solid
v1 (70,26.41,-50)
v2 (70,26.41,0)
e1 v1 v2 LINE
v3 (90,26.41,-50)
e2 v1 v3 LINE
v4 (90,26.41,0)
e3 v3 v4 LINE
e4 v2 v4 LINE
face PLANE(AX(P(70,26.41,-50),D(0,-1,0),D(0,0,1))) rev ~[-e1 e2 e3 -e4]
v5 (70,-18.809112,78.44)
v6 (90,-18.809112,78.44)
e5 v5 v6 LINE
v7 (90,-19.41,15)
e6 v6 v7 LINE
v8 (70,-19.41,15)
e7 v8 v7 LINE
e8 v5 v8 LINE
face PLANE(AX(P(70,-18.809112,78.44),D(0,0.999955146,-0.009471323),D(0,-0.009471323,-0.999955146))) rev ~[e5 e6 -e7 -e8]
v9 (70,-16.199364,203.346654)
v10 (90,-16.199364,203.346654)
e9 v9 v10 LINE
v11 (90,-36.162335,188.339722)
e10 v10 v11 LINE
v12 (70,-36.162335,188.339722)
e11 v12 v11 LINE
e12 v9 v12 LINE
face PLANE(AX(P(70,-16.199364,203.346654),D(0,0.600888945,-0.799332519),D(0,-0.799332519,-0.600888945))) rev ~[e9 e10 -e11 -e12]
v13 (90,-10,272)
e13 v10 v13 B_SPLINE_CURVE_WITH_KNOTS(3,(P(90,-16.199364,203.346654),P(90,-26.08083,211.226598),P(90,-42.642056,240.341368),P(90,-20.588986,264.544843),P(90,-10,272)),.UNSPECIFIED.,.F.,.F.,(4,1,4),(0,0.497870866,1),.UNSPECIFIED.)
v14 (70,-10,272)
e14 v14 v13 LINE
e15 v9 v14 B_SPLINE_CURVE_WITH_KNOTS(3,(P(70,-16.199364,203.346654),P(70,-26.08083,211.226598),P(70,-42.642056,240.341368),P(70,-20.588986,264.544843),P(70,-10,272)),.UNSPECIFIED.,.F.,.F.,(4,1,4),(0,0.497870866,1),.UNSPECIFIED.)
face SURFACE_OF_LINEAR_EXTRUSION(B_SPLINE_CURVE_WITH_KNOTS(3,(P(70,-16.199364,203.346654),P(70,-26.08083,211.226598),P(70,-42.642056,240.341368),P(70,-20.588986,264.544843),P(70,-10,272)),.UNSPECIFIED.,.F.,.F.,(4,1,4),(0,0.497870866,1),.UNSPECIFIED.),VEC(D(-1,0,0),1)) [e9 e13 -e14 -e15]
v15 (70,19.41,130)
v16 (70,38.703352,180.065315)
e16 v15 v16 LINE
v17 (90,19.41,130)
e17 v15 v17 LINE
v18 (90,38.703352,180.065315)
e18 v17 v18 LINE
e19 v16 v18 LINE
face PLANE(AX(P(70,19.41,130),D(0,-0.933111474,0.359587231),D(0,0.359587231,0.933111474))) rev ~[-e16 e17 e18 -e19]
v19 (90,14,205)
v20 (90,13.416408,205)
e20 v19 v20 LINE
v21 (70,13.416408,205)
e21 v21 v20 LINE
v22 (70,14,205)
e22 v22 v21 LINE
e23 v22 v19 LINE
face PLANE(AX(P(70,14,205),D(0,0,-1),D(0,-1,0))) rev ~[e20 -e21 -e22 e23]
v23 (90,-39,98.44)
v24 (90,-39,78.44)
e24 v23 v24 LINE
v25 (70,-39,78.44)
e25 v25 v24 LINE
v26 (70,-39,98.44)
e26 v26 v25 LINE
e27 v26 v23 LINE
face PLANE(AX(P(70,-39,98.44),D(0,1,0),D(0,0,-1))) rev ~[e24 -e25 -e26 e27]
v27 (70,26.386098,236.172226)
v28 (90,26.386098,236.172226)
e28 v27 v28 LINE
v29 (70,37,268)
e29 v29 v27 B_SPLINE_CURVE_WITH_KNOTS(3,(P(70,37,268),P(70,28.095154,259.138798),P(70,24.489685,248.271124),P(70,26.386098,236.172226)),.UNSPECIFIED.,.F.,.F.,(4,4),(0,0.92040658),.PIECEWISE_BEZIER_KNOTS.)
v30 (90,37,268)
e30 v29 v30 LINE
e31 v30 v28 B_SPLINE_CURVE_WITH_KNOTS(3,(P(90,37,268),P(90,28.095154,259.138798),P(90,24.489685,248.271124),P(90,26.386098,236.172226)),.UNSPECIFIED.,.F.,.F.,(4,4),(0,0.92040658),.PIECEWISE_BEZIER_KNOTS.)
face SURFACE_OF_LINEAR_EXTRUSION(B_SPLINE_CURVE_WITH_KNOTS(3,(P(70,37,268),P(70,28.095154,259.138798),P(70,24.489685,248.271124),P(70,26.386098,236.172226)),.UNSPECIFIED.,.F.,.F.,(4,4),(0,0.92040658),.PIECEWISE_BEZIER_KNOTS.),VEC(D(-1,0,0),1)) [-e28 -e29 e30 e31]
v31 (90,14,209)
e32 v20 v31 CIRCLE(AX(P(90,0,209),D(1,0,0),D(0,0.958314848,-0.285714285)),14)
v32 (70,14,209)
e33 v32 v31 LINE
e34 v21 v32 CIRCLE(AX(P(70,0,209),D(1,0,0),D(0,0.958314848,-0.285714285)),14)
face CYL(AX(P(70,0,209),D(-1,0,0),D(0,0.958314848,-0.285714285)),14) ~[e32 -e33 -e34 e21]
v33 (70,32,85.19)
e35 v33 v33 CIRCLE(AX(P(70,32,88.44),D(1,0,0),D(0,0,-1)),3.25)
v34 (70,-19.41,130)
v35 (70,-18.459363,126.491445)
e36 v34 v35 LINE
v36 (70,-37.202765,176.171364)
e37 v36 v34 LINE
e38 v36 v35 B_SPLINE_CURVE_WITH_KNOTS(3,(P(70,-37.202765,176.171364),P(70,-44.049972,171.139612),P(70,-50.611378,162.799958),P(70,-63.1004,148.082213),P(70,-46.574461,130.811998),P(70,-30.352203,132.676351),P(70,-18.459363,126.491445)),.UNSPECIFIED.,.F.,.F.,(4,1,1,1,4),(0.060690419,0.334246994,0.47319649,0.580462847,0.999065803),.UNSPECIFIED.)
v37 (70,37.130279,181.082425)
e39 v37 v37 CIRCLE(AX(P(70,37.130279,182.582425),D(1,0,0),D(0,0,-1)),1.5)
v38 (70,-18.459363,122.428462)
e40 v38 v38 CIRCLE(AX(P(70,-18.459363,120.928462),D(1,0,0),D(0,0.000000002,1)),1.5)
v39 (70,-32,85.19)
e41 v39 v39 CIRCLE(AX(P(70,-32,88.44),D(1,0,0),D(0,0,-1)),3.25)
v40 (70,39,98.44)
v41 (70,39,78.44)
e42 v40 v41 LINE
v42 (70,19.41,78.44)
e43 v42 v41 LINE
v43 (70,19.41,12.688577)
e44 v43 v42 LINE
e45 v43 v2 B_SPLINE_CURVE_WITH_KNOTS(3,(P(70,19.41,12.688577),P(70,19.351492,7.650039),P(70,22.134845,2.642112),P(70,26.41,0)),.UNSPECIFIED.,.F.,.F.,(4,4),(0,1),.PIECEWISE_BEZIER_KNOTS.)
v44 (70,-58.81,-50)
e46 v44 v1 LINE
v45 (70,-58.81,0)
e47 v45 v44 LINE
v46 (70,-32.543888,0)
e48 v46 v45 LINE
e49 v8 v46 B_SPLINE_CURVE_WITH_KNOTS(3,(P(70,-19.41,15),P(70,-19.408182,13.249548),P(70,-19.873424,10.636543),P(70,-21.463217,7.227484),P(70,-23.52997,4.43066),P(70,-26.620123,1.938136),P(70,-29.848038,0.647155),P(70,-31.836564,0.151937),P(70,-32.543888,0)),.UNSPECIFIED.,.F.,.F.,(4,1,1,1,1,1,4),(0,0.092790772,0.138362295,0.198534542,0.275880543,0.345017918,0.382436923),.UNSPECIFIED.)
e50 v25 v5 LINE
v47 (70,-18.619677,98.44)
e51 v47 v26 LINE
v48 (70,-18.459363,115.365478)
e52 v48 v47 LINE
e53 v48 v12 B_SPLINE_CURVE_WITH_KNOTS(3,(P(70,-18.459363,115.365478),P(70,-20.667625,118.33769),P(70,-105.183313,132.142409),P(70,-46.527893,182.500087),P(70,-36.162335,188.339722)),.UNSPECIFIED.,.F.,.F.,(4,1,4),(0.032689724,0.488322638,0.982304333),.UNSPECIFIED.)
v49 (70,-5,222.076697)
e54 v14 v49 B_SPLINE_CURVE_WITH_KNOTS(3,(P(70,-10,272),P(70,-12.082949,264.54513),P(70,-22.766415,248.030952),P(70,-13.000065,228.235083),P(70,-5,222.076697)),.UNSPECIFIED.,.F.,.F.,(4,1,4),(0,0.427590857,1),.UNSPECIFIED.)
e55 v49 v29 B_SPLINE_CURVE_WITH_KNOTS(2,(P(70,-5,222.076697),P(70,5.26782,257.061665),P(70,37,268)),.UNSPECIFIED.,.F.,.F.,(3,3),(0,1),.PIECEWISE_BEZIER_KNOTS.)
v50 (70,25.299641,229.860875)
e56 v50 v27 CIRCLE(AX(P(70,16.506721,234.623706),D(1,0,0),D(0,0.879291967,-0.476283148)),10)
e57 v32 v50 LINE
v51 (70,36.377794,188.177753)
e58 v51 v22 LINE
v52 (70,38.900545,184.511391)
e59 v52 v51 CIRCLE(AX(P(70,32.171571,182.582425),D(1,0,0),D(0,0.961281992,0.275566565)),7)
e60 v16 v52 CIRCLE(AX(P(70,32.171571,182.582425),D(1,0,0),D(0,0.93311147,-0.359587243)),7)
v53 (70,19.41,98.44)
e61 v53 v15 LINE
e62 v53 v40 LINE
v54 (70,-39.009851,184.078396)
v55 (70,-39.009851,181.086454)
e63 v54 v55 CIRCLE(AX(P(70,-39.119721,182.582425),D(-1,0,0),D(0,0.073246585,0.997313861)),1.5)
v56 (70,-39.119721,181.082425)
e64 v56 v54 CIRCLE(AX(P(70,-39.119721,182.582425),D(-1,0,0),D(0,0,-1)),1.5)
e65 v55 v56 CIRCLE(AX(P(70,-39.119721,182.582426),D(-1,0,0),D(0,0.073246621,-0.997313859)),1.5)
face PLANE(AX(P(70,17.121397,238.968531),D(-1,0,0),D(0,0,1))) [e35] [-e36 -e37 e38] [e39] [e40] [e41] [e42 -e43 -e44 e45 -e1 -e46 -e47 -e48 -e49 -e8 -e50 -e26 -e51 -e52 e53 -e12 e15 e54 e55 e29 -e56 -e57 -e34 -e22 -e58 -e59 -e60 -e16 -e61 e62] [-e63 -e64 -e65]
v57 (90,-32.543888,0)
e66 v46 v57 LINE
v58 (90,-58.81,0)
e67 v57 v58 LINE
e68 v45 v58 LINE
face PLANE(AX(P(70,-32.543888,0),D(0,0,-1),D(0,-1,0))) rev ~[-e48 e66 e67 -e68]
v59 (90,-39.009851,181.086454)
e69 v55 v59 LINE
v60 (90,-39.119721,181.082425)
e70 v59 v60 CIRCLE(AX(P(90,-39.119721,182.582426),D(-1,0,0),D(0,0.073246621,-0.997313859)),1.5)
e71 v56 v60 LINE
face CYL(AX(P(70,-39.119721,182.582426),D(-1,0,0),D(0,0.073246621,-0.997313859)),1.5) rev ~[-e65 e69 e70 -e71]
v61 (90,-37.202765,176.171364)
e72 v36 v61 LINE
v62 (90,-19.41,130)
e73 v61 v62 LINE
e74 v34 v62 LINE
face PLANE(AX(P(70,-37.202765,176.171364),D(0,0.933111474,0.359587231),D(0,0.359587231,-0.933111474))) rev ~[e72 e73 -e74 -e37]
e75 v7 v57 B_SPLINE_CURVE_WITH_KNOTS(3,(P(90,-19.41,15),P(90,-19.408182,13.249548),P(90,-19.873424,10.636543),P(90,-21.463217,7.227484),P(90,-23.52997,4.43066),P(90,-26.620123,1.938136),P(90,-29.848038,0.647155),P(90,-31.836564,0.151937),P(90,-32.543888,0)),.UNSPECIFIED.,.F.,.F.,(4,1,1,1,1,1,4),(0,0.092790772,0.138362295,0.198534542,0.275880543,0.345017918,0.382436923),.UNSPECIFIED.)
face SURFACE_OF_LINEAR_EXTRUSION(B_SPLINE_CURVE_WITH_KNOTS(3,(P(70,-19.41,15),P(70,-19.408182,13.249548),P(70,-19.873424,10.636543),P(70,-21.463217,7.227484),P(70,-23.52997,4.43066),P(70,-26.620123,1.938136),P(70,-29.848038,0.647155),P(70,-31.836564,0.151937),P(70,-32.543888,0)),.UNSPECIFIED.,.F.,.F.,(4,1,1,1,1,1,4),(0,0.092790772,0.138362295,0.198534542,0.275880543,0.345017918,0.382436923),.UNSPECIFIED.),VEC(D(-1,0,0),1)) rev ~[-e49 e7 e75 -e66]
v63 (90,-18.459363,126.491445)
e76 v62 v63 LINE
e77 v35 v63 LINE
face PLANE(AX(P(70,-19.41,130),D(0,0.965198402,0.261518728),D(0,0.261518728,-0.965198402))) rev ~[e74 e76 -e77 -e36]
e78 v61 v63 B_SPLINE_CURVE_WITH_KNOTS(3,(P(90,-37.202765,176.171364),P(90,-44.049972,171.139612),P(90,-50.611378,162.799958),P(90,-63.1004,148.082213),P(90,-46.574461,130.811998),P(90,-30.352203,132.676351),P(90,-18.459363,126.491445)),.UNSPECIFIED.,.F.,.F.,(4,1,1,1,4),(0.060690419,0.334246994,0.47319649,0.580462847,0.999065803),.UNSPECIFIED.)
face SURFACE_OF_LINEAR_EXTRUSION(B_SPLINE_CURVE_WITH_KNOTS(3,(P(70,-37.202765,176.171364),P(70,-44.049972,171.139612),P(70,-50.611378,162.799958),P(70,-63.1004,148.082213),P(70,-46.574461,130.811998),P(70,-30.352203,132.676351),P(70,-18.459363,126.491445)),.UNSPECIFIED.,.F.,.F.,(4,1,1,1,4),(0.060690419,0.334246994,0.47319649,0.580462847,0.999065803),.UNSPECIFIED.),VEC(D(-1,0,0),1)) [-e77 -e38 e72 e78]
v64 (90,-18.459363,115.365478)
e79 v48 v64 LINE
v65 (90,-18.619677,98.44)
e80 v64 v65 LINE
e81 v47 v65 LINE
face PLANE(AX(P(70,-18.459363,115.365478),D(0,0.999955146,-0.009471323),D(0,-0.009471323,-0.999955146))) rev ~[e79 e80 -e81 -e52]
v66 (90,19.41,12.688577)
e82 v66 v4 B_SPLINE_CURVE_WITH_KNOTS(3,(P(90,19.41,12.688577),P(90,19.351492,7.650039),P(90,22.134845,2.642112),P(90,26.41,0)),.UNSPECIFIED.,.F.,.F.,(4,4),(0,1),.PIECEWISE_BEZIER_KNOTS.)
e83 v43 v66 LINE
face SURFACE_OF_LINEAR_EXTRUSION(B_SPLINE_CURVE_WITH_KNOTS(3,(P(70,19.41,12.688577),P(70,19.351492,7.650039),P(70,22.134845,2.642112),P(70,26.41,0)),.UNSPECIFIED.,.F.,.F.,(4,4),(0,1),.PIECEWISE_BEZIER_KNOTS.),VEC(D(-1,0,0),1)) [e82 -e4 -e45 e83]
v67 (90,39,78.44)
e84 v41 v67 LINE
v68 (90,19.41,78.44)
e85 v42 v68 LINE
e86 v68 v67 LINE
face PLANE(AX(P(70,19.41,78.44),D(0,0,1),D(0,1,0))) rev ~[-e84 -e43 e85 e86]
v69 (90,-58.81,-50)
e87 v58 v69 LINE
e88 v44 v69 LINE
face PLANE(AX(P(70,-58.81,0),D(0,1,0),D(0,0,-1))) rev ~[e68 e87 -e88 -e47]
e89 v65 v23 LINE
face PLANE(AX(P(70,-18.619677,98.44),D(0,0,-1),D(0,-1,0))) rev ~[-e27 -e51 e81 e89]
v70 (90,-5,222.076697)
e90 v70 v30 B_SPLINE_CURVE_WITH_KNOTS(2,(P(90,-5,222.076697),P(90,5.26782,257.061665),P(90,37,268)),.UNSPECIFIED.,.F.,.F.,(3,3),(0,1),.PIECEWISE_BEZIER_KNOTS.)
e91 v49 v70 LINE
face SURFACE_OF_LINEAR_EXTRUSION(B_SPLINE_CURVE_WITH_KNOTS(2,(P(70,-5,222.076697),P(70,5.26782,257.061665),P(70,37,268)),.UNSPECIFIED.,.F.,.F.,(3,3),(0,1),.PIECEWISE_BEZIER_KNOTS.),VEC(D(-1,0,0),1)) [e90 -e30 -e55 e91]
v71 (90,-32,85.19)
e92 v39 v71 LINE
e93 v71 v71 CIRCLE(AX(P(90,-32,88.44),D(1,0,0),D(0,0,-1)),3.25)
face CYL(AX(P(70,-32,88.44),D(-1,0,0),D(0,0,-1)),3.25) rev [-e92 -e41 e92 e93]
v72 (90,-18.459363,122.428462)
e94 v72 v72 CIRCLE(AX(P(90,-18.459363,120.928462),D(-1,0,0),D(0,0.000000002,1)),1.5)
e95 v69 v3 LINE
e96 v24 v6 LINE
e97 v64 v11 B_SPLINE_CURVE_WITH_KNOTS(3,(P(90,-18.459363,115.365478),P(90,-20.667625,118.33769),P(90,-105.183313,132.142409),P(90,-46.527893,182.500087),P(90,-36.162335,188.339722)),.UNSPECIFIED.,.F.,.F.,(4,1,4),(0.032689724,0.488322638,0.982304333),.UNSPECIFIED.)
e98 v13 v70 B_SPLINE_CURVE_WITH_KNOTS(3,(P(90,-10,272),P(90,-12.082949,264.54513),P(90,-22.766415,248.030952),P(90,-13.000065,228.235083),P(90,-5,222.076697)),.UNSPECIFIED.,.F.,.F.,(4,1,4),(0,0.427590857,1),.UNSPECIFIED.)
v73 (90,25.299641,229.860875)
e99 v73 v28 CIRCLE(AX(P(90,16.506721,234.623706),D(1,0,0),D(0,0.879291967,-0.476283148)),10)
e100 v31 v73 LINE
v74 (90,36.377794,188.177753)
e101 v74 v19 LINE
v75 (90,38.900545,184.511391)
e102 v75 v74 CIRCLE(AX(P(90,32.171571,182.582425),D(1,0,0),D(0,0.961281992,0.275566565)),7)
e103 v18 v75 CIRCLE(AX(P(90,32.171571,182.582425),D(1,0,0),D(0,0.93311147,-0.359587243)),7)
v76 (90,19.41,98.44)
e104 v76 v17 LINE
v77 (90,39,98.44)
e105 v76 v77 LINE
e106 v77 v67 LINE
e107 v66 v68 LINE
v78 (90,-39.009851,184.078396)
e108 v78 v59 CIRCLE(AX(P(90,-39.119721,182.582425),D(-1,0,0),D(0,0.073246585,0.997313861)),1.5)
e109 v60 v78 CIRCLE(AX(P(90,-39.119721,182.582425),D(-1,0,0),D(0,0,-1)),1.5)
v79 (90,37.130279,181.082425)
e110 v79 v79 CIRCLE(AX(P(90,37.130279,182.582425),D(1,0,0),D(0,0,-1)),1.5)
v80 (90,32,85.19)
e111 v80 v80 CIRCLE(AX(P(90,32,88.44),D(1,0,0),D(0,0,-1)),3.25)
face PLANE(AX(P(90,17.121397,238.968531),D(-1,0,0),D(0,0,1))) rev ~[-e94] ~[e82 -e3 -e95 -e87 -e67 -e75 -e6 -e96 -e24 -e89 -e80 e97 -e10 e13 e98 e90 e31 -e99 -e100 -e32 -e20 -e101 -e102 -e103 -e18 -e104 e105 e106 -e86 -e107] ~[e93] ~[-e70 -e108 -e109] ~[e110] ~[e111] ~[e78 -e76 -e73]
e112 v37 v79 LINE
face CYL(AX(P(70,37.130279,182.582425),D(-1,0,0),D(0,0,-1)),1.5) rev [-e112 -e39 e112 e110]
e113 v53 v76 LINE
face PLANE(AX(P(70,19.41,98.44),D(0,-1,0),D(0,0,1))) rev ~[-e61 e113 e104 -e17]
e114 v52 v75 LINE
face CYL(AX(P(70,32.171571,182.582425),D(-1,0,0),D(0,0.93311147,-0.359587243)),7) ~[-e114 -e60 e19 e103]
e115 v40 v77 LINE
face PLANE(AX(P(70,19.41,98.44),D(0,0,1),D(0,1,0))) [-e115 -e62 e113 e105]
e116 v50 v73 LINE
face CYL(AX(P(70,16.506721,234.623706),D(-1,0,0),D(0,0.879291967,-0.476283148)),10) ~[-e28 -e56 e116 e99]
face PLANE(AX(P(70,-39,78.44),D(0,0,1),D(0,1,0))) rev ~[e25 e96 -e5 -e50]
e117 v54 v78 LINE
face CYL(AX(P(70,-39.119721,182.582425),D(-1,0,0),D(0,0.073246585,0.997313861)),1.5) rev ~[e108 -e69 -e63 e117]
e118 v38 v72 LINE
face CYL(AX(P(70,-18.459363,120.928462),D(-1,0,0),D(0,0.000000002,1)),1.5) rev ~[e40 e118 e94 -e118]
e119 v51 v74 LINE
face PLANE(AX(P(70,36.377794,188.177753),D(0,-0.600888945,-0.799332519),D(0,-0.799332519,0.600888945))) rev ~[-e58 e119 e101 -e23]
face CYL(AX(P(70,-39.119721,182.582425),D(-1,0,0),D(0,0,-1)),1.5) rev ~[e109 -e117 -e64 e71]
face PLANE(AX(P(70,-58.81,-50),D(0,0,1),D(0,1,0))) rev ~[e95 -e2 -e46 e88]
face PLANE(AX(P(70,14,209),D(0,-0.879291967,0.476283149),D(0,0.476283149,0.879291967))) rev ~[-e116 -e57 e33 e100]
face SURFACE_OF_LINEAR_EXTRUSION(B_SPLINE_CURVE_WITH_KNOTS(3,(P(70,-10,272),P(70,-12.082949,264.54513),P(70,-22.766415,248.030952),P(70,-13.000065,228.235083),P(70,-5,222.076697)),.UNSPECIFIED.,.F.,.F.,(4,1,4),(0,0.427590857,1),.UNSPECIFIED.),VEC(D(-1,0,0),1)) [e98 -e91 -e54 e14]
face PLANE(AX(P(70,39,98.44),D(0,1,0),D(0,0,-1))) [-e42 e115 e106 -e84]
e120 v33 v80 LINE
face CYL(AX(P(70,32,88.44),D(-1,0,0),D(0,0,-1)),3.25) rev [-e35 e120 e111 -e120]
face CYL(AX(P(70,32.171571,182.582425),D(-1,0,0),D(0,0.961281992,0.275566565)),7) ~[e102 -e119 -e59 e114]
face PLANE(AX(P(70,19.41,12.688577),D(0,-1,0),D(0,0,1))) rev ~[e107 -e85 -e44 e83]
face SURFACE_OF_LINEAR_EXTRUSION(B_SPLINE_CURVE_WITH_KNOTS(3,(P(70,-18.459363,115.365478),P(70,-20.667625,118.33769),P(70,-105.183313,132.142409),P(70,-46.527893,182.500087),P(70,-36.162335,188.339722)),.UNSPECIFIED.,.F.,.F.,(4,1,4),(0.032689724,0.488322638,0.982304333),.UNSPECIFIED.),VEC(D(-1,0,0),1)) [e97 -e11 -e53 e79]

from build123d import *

# Parameters (mm, degrees)
SKETCH15_W           = 20
SKETCH15_H           = 19.589999995
SKETCH15_R           = 3.25
SKETCH15_R_2         = 1.5
BOSS_EXTRUDE15_DEPTH = 20


with BuildPart() as part:
    # Sketch15 → Boss-Extrude15 (new body)
    # profile 1 of 9: a face of its own
    with BuildSketch(Plane(origin=(70, 0, 0), x_dir=(0, 0, -1), z_dir=(1, 0, 0))):
        with Locations((-88.44000001, 29.205000003)):
            Rectangle(SKETCH15_W, SKETCH15_H)
        with Locations((-88.44000001, 32)):
            Circle(SKETCH15_R, mode=Mode.SUBTRACT)
    # profile 2 of 9: a face of its own
    with BuildSketch(Plane(origin=(70, 0, 0), x_dir=(0, 0, -1), z_dir=(1, 0, 0))):
        Polygon((-78.44000001, 19.410000005), (-98.44000001, 19.410000005), (-98.44000001, -18.619677344), (-78.44000001, -18.809112305), align=None)
    # profile 3 of 9: a face of its own
    with BuildSketch(Plane(origin=(70, 0, 0), x_dir=(0, 0, -1), z_dir=(1, 0, 0))):
        with BuildLine():
            Line((-98.44000001, -18.619677344), (-98.44000001, 19.410000005))
            Line((-98.44000001, 19.410000005), (-129.999999775, 19.410000005))
            Line((-129.999999775, 19.410000005), (-180.065314543, 38.70335176))
            ThreePointArc((-180.065314543, 38.70335176), (-182.272264238, 39.16469668), (-184.511391341, 38.900545379))
            ThreePointArc((-184.511391341, 38.900545379), (-186.550399309, 37.938302132), (-188.177753017, 36.377794049))
            Line((-188.177753017, 36.377794049), (-205, 14))
            Line((-205, 14), (-205, 13.416407865))
            ThreePointArc((-205, 13.416407865), (-197.77502784, 8.366600265), (-195, 0))
            ThreePointArc((-195, 0), (-197.77502784, -8.366600265), (-205, -13.416407865))
            Line((-205, -13.416407865), (-205, -14))
            Line((-205, -14), (-203.346653557, -16.199364106))
            Line((-203.346653557, -16.199364106), (-188.339722055, -36.162334737))
            Line((-188.339722055, -36.162334737), (-188.177753017, -36.377794049))
            ThreePointArc((-188.177753017, -36.377794049), (-186.364430041, -38.06193991), (-184.078396039, -39.009851321))
            ThreePointArc((-184.078396039, -39.009851321), (-182.582425277, -37.619721199), (-181.08645446, -39.009851262))
            ThreePointArc((-181.08645446, -39.009851262), (-180.570040891, -38.87607057), (-180.065314768, -38.703351755))
            Line((-180.065314768, -38.703351755), (-176.171363895, -37.202764687))
            Line((-176.171363895, -37.202764687), (-130, -19.41))
            Line((-130, -19.41), (-126.491444941, -18.459363472))
            Line((-126.491444941, -18.459363472), (-122.428461685, -18.459363472))
            ThreePointArc((-122.428461685, -18.459363472), (-120.928461684, -16.959363475), (-119.428461685, -18.459363475))
            Line((-119.428461685, -18.459363477), (-115.365478429, -18.459363477))
            Line((-115.365478429, -18.459363477), (-98.44000001, -18.619677344))
        make_face()
        with Locations((-182.582425247, 37.130278801)):
            Circle(SKETCH15_R_2, mode=Mode.SUBTRACT)
    # profile 4 of 9: a face of its own
    with BuildSketch(Plane(origin=(70, 0, 0), x_dir=(0, 0, -1), z_dir=(1, 0, 0))):
        Polygon((-78.44000001, -18.809112305), (-98.44000001, -18.619677344), (-98.44000001, -39), (-78.44000001, -39), align=None)
        with Locations((-88.44000001, -32)):
            Circle(SKETCH15_R, mode=Mode.SUBTRACT)
    # profile 5 of 9: a face of its own
    with BuildSketch(Plane(origin=(70, 0, 0), x_dir=(0, 0, -1), z_dir=(1, 0, 0))):
        with BuildLine():
            Line((-12.688577312, 19.410000005), (-78.44000001, 19.410000005))
            Line((-78.44000001, 19.410000005), (-78.44000001, -18.809112305))
            Line((-78.44000001, -18.809112305), (-15, -19.41))
            add(Edge.make_bspline(
                [(-15, -19.41), (-13.249547591, -19.408181615), (-10.636542877, -19.873423975), (-7.227483858, -21.463217214), (-4.430660235, -23.529969815), (-1.938135904, -26.620123221), (-0.647154722, -29.848037608), (-0.151937094, -31.836563519), (-1e-08, -32.543888031)],
                knots=[0, 0, 0, 0, 0.092790772, 0.138362295, 0.198534542, 0.275880543, 0.345017918, 0.382436923, 0.382436923, 0.382436923, 0.382436923], degree=3))
            Line((-1e-08, -32.543888031), (-1e-08, -58.810000307))
            Line((-1e-08, -58.810000307), (49.99999999, -58.810000307))
            Line((49.99999999, -58.810000307), (49.99999999, 26.409999693))
            Line((49.99999999, 26.409999693), (-2.31e-07, 26.409999693))
            add(Edge.make_bspline(
                [(-12.688577312, 19.410000005), (-7.650038915, 19.35149242), (-2.642112225, 22.134845248), (-2.31e-07, 26.409999693)],
                knots=[0, 0, 0, 0, 1, 1, 1, 1], degree=3))
        make_face()
    # profile 6 of 9: a face of its own
    with BuildSketch(Plane(origin=(70, 0, 0), x_dir=(0, 0, -1), z_dir=(1, 0, 0))):
        with BuildLine():
            add(Edge.make_bspline(
                [(-115.365478429, -18.459363477), (-118.337689795, -20.667625344), (-132.142409229, -105.183313139), (-182.50008697, -46.527893183), (-188.339722067, -36.162334746)],
                knots=[0.032689724, 0.032689724, 0.032689724, 0.032689724, 0.488322638, 0.982304333, 0.982304333, 0.982304333, 0.982304333], degree=3))
            Line((-115.365478429, -18.459363477), (-119.428461685, -18.459363477))
            ThreePointArc((-119.428461685, -18.459363475), (-120.928461687, -19.959363475), (-122.428461685, -18.459363472))
            Line((-122.428461685, -18.459363472), (-126.491444941, -18.459363472))
            add(Edge.make_bspline(
                [(-176.171363894, -37.20276469), (-171.139612123, -44.049971955), (-162.799958037, -50.611377733), (-148.082213467, -63.100400251), (-130.811998287, -46.574461422), (-132.676351157, -30.352203006), (-126.491444941, -18.459363472)],
                knots=[0.060690419, 0.060690419, 0.060690419, 0.060690419, 0.334246994, 0.47319649, 0.580462847, 0.999065803, 0.999065803, 0.999065803, 0.999065803], degree=3))
            Line((-176.171363895, -37.202764687), (-180.065314768, -38.703351755))
            ThreePointArc((-180.065314768, -38.703351755), (-180.570040891, -38.87607057), (-181.08645446, -39.009851262))
            ThreePointArc((-181.08645446, -39.009851262), (-181.083432889, -39.064749303), (-181.082425247, -39.119721199))
            ThreePointArc((-181.082425247, -39.119721199), (-182.637397114, -40.618713559), (-184.078396039, -39.009851321))
            ThreePointArc((-184.078396039, -39.009851321), (-186.364430041, -38.06193991), (-188.177753017, -36.377794049))
            Line((-188.177753017, -36.377794049), (-188.339722055, -36.162334737))
        make_face()
    # profile 7 of 9: a face of its own
    with BuildSketch(Plane(origin=(70, 0, 0), x_dir=(0, 0, -1), z_dir=(1, 0, 0))):
        with BuildLine():
            add(Edge.make_bspline(
                [(-203.346653557, -16.199364106), (-211.226597536, -26.08083046), (-240.341367609, -42.642056022), (-264.544843043, -20.588986196), (-272, -10)],
                knots=[0, 0, 0, 0, 0.497870866, 1, 1, 1, 1], degree=3))
            Line((-203.346653557, -16.199364106), (-205, -14))
            Line((-205, -14), (-205, -13.416407865))
            ThreePointArc((-205, -13.416407865), (-215.189150723, -12.557643621), (-222.076696831, -5))
            add(Edge.make_bspline(
                [(-272, -10), (-264.545129876, -12.082948955), (-248.030952015, -22.766414555), (-228.235082791, -13.000064926), (-222.076696831, -5)],
                knots=[0, 0, 0, 0, 0.427590857, 1, 1, 1, 1], degree=3))
        make_face()
    # profile 8 of 9: a face of its own
    with BuildSketch(Plane(origin=(70, 0, 0), x_dir=(0, 0, -1), z_dir=(1, 0, 0))):
        with BuildLine():
            ThreePointArc((-222.076696831, -5), (-215.189150723, -12.557643621), (-205, -13.416407865))
            ThreePointArc((-205, -13.416407865), (-197.77502784, -8.366600265), (-195, 0))
            ThreePointArc((-195, 0), (-197.77502784, 8.366600265), (-205, 13.416407865))
            ThreePointArc((-205, 13.416407865), (-206.97882585, 13.853333716), (-209, 14))
            ThreePointArc((-209, 14), (-220.532562595, 7.937253933), (-222.076696831, -5))
        make_face()
    # profile 9 of 9: a face of its own
    with BuildSketch(Plane(origin=(70, 0, 0), x_dir=(0, 0, -1), z_dir=(1, 0, 0))):
        with BuildLine():
            add(Edge.make_bspline(
                [(-222.076696831, -5), (-257.061665042, 5.267819927), (-268, 37)],
                knots=[0, 0, 0, 1, 1, 1], degree=2))
            ThreePointArc((-222.076696831, -5), (-220.532562595, 7.937253933), (-209, 14))
            Line((-209, 14), (-229.860874802, 25.299640518))
            ThreePointArc((-229.860874802, 25.299640518), (-232.927225248, 26.361767888), (-236.172225659, 26.386097743))
            add(Edge.make_bspline(
                [(-268, 37), (-259.138798147, 28.095153636), (-248.271123635, 24.489684832), (-236.172225659, 26.386097743)],
                knots=[0, 0, 0, 0, 0.92040658, 0.92040658, 0.92040658, 0.92040658], degree=3))
        make_face()
    extrude(amount=BOSS_EXTRUDE15_DEPTH)


solid = part.part
